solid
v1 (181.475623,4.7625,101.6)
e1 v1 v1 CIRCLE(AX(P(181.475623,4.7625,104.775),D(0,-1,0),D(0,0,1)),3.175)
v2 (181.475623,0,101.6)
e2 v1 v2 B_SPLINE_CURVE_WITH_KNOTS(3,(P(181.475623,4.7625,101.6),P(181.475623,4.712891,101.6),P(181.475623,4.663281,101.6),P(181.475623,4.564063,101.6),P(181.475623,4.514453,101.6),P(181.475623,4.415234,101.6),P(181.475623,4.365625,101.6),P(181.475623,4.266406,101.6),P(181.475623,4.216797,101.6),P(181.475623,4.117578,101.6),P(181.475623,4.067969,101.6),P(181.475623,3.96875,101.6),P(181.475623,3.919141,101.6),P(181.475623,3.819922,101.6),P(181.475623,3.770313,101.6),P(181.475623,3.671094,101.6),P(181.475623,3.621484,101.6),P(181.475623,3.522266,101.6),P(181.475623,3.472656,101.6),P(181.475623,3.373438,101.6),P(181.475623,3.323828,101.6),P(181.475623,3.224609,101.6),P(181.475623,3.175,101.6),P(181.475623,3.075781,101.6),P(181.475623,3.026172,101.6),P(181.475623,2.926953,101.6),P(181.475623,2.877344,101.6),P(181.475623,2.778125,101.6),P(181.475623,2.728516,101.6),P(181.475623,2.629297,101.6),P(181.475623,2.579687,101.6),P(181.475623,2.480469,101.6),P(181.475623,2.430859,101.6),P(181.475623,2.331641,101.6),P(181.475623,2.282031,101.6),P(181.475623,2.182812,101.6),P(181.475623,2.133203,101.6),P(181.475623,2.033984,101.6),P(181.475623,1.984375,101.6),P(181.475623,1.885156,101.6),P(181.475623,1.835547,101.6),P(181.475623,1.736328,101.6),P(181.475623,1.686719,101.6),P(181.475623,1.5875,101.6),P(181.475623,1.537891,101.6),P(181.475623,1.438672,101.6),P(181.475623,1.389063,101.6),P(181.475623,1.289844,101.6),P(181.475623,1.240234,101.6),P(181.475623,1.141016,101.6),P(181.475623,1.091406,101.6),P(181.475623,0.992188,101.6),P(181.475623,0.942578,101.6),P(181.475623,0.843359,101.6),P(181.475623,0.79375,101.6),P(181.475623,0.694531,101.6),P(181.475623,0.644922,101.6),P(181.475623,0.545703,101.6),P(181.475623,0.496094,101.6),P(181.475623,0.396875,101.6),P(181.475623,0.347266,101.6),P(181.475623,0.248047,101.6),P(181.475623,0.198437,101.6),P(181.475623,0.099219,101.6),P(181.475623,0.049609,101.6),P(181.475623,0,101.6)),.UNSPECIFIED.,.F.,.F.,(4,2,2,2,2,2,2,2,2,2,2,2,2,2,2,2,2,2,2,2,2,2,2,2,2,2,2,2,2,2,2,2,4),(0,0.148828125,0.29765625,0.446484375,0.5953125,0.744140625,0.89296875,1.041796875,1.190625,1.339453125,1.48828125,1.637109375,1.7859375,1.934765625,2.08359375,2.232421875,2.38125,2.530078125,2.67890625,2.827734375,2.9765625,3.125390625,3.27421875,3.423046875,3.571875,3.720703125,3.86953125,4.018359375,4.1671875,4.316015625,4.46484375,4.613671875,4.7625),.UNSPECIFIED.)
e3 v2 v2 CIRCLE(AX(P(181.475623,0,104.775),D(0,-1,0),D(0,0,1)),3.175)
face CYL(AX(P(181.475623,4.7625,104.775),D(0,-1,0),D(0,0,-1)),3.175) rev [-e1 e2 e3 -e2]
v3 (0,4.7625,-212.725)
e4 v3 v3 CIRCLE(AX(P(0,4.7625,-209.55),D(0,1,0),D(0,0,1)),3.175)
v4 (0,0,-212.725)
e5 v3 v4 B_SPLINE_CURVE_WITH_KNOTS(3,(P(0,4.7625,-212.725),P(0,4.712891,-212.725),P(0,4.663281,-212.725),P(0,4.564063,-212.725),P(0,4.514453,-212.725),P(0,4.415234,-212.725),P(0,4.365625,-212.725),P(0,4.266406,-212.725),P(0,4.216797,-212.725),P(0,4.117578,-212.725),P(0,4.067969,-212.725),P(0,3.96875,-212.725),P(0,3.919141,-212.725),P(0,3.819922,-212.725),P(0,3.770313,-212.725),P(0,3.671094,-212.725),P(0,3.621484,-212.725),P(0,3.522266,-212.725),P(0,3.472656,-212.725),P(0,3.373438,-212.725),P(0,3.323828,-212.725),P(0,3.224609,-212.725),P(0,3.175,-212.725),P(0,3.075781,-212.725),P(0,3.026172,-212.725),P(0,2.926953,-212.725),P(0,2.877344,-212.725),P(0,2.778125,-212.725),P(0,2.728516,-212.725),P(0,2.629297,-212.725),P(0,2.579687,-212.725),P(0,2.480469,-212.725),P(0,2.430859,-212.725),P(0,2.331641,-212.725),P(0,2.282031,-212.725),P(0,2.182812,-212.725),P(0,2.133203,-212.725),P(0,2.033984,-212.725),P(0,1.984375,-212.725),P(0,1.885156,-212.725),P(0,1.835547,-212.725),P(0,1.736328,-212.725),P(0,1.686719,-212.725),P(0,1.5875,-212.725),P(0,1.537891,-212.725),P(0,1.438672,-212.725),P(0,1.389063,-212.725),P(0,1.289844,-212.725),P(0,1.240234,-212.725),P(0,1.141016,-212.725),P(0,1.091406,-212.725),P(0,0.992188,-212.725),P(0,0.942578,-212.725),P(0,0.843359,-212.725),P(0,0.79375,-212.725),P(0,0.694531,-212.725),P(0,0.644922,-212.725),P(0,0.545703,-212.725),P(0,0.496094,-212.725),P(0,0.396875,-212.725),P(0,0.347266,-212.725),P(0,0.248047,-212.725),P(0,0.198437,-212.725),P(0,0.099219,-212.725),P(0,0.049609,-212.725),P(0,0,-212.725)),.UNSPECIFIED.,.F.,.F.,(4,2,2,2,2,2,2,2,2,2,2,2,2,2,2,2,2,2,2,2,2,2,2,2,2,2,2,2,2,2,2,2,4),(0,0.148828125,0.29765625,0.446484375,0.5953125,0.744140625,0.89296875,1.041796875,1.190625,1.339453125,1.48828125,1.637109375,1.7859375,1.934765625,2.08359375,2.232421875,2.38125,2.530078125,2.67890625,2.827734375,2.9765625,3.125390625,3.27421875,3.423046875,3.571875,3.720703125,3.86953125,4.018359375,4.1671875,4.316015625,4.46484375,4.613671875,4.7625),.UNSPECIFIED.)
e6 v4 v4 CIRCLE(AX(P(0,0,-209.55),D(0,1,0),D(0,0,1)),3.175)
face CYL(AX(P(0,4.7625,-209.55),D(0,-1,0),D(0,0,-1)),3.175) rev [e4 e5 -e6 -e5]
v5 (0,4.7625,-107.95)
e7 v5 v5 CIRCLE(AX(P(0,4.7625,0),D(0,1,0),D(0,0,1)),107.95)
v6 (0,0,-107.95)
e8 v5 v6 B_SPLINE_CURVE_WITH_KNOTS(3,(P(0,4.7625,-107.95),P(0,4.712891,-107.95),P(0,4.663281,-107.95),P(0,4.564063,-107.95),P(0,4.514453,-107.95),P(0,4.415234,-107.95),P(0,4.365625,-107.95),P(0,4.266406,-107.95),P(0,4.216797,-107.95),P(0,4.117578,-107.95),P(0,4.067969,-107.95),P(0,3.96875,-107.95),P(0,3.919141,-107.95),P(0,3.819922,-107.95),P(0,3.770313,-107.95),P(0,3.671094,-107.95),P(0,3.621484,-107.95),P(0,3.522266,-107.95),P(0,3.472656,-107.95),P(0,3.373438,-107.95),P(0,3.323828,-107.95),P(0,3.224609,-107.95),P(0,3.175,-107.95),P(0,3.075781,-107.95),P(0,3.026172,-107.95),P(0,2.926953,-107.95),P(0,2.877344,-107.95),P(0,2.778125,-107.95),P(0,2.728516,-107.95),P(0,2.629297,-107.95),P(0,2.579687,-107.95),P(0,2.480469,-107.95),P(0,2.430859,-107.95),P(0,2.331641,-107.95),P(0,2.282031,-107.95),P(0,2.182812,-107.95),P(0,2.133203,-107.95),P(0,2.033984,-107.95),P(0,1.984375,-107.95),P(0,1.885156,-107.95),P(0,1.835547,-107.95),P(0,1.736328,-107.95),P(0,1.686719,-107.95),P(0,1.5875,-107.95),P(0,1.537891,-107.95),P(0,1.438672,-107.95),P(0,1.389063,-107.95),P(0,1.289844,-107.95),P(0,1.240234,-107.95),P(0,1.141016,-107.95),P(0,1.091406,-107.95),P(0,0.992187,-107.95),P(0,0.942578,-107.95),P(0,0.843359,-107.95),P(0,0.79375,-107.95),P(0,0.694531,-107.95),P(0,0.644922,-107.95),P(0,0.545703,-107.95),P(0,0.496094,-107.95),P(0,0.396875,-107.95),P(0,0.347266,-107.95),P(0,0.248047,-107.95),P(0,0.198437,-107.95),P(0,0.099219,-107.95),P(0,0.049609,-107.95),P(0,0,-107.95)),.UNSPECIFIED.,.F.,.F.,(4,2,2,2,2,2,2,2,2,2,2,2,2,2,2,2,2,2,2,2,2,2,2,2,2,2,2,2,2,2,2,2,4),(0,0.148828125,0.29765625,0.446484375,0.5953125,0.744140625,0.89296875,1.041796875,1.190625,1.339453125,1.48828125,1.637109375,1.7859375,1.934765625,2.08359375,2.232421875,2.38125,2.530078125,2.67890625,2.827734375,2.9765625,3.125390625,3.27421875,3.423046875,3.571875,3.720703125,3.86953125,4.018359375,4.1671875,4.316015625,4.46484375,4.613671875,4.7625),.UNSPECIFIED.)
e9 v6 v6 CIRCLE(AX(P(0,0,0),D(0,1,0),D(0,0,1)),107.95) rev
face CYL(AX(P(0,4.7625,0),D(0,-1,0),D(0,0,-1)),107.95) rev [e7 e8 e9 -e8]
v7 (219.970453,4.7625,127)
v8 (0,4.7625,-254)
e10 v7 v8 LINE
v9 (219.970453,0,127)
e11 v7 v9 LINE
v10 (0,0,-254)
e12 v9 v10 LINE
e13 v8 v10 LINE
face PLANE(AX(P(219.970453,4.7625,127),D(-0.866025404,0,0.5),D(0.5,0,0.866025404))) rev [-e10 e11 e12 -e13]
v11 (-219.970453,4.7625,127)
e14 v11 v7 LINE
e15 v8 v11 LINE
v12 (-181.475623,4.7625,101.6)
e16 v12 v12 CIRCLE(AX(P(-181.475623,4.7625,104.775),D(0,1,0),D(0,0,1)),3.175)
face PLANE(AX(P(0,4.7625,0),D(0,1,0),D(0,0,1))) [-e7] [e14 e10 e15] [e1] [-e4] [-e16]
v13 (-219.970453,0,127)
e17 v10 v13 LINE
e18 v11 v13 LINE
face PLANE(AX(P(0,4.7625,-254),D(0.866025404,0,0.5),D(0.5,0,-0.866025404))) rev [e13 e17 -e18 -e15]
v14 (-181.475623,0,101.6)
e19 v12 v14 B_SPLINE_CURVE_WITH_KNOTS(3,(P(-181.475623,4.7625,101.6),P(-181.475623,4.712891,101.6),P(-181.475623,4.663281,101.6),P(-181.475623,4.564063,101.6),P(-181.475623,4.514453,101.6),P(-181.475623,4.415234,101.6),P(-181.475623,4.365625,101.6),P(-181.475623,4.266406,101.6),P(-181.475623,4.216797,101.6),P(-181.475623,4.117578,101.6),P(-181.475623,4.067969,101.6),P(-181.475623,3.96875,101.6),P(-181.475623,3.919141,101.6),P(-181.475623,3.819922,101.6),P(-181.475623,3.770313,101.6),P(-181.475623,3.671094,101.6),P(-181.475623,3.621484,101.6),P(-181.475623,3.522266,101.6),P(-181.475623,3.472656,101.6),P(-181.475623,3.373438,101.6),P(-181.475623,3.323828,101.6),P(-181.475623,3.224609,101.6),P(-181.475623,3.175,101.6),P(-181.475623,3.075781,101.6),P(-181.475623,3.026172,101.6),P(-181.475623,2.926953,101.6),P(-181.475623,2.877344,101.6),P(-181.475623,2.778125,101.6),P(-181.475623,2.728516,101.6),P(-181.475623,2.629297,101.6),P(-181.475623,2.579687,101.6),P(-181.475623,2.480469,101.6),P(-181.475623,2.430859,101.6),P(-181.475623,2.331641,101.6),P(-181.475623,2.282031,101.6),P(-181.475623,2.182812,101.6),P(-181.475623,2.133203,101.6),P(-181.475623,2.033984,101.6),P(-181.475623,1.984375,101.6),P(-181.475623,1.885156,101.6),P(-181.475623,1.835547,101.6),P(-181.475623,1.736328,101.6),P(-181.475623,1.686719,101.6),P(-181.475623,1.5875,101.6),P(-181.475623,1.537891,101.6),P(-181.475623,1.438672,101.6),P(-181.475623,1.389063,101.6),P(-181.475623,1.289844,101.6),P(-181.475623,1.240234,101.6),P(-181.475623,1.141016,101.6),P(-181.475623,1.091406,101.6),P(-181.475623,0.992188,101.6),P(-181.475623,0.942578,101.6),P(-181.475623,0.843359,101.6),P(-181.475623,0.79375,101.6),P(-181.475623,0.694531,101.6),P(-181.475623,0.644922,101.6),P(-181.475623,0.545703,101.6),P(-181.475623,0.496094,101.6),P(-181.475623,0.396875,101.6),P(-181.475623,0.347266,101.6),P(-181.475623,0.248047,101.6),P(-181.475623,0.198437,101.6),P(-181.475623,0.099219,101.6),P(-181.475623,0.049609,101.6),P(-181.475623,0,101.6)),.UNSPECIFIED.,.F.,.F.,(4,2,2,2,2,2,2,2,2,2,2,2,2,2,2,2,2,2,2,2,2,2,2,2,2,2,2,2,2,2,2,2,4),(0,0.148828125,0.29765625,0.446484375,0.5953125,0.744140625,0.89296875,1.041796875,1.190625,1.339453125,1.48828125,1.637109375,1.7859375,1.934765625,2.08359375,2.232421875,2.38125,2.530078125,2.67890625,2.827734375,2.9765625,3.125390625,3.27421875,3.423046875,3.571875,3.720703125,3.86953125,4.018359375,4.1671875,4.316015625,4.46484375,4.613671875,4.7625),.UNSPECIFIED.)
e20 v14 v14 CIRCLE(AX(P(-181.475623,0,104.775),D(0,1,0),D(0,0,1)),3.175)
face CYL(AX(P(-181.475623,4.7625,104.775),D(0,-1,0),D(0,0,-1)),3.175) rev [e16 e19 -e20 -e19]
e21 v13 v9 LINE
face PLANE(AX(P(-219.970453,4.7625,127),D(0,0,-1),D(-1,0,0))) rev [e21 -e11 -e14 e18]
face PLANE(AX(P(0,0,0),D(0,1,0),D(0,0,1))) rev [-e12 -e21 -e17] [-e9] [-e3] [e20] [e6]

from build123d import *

# Parameters (mm, degrees)
BOSS_EXTRUDE1_DEPTH     = 4.7625
CUT_EXTRUDE3_DEPTH      = 4.7625
CUT_EXTRUDE3_DEPTH_BACK = 4.7625
SKETCH5_R               = 107.95
SKETCH6_R               = 3.175
CUT_EXTRUDE5_DEPTH      = 4.7625


with BuildPart() as part:
    # Sketch1 → Boss-Extrude1 (new body)
    with BuildSketch(Plane(origin=(0, 0, 0), x_dir=(1, 0, 0), z_dir=(0, 1, 0))):
        Polygon((0, 254), (-219.970452561, -127), (219.970452561, -127), align=None)
    extrude(amount=BOSS_EXTRUDE1_DEPTH)

    # Sketch5 → Cut-Extrude3 (cut, two sides: drawn at the far end of the back side and taken through both)
    with BuildSketch(Plane(origin=(0, 0, 0), x_dir=(1, 0, 0), z_dir=(0, 1, 0)).offset(-CUT_EXTRUDE3_DEPTH_BACK)):
        Circle(SKETCH5_R)
    extrude(amount=CUT_EXTRUDE3_DEPTH + CUT_EXTRUDE3_DEPTH_BACK, mode=Mode.SUBTRACT)

    # Sketch6 → Cut-Extrude5 (cut)
    with BuildSketch(Plane(origin=(0, 0, 0), x_dir=(1, 0, 0), z_dir=(0, 1, 0))):
        with Locations((-181.475623363, -104.775)):
            Circle(SKETCH6_R)
        with Locations((0, 209.55)):
            Circle(SKETCH6_R)
    cut_extrude5 = extrude(amount=CUT_EXTRUDE5_DEPTH, mode=Mode.SUBTRACT)

    # Mirror1: Cut-Extrude5 across plane
    add(cut_extrude5.mirror(Plane(origin=(0, 0, 0), x_dir=(0, 0, 1), z_dir=(1, 0, 0))), mode=Mode.SUBTRACT)


solid = part.part
